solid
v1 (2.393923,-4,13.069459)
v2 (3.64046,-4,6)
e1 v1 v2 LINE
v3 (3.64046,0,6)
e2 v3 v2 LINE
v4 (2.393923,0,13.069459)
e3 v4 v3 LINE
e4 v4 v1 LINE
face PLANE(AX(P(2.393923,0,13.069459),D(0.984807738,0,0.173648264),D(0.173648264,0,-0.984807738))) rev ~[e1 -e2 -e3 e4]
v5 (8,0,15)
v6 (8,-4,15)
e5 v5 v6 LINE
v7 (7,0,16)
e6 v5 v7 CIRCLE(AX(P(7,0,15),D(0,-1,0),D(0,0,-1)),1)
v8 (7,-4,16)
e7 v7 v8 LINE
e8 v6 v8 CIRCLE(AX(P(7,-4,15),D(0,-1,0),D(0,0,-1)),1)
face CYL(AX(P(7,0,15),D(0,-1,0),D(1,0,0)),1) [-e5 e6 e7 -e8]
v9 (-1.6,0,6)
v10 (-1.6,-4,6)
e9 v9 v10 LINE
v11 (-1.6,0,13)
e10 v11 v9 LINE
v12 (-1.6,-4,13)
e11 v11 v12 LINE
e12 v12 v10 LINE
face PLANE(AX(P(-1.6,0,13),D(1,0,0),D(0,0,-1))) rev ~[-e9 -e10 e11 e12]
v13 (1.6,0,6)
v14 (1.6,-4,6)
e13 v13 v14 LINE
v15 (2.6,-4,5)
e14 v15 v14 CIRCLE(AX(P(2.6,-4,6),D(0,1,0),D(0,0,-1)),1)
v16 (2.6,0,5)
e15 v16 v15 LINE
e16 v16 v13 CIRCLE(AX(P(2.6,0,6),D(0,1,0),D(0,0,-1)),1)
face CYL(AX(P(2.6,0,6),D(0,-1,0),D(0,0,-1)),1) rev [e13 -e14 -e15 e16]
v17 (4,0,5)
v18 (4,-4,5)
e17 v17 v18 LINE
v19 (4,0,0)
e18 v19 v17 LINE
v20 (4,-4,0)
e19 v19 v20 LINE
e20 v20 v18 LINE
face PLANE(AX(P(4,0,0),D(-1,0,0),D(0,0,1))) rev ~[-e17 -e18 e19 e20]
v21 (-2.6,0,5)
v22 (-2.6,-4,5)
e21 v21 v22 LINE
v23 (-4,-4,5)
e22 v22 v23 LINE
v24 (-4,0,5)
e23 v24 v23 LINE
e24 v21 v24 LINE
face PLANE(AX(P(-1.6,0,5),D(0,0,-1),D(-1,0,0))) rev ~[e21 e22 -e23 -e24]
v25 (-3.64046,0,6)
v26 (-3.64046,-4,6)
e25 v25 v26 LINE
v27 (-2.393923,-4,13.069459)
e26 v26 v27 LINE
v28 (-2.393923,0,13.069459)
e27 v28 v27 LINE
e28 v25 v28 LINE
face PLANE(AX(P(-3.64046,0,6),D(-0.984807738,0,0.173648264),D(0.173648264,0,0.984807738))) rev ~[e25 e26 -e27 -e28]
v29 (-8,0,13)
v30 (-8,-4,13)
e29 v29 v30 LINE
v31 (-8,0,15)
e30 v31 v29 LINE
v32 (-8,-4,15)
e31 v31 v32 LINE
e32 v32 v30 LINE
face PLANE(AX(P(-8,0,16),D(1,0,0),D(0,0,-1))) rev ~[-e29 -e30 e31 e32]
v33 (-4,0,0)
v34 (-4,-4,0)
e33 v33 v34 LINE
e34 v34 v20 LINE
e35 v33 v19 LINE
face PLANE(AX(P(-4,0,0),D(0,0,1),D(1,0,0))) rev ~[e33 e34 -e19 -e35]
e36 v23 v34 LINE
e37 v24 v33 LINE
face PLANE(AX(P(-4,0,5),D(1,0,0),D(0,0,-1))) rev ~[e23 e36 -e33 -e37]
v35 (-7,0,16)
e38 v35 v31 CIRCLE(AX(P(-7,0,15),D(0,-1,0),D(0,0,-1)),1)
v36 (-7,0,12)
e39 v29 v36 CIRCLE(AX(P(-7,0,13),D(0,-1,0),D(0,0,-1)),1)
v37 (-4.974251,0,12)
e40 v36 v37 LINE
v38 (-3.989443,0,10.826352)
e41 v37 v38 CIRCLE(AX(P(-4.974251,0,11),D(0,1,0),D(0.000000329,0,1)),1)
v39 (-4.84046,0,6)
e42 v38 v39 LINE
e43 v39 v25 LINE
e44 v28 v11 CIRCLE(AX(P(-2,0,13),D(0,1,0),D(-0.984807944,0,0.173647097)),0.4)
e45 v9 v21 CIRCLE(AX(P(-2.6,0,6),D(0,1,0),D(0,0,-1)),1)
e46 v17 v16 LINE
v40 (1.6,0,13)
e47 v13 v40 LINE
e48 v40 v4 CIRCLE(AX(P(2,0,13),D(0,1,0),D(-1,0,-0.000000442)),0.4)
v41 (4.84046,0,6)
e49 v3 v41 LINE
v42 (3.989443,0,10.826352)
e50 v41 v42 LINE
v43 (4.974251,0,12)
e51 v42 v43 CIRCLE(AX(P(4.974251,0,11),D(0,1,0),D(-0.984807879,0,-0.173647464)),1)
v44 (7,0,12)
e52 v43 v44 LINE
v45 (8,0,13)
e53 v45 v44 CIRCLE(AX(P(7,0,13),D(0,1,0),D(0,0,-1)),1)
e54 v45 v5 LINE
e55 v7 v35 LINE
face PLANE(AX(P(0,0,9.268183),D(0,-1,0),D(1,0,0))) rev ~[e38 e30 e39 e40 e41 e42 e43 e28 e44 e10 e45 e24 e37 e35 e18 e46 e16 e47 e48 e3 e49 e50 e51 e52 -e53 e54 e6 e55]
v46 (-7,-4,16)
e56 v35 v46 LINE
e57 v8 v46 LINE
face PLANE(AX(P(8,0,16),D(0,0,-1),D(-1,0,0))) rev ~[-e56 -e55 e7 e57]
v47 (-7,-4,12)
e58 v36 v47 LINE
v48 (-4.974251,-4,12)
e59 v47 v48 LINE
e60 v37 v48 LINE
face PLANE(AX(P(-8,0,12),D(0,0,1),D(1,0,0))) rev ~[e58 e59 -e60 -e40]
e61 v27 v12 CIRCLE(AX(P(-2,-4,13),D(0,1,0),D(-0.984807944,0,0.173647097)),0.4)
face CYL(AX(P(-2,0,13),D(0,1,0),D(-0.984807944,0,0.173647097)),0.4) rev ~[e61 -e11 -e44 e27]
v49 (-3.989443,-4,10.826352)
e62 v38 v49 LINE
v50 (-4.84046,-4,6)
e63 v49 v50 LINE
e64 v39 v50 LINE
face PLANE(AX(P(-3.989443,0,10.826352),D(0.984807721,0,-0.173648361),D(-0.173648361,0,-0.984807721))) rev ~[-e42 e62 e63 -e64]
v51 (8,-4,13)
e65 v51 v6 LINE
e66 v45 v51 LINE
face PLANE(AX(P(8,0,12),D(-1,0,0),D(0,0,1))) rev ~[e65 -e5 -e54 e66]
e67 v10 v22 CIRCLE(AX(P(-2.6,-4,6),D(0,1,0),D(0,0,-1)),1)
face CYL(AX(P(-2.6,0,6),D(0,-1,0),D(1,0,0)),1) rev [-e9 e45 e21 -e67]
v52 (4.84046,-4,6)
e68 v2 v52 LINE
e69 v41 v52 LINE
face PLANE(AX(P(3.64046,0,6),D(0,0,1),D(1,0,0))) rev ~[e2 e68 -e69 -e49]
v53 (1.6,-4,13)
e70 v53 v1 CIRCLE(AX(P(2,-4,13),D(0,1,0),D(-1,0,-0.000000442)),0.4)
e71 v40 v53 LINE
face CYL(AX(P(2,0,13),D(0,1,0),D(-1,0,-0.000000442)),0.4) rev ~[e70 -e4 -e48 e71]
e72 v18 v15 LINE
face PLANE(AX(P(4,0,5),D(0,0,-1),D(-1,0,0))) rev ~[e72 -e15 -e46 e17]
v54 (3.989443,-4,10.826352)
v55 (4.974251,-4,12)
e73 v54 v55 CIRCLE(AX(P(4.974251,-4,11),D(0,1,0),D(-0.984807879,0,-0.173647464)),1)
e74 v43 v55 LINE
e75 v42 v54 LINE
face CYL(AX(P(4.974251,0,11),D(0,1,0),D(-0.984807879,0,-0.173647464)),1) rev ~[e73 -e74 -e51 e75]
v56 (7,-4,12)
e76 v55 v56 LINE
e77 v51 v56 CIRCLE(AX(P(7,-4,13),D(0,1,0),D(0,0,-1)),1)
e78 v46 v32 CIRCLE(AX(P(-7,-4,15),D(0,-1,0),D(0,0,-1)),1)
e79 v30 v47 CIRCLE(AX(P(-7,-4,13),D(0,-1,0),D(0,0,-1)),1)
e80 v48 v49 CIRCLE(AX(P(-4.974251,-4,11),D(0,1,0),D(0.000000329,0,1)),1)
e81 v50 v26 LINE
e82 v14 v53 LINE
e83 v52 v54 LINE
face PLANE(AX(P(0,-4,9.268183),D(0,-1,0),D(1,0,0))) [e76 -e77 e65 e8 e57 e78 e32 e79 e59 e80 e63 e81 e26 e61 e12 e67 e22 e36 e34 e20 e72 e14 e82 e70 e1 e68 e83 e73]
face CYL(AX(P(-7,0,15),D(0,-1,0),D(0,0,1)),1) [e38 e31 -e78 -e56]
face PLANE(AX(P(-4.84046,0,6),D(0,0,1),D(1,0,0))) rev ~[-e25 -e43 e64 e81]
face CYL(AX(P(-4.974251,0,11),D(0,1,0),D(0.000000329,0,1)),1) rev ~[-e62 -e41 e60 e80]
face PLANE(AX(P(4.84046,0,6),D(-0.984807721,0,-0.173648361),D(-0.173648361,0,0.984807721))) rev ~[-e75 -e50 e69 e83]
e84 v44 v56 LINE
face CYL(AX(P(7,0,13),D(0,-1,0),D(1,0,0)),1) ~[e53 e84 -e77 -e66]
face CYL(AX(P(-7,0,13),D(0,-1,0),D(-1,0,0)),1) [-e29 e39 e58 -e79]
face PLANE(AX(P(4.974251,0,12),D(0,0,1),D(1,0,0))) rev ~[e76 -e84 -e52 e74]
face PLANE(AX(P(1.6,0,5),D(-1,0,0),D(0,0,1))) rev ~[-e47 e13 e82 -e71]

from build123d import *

# Parameters (mm, degrees)
F1_DEPTH = 4
F2_R     = 1


with BuildPart() as f1:
    # F0 (on Front) → F1 (new body)
    with BuildSketch(Plane.XZ):
        with BuildLine():
            Line((8, 12), (8, 16))
            Line((8, 16), (0, 16))
            Line((0, 16), (-8, 16))
            Line((-8, 16), (-8, 12))
            Line((-8, 12), (-4.974251, 12))
            ThreePointArc((-4.974251, 12), (-4.208207, 11.642788), (-3.989443, 10.826352))
            Line((-3.989443, 10.826352), (-4.84046, 6))
            Line((-4.84046, 6), (-3.64046, 6))
            Line((-3.64046, 6), (-2.393923, 13.069459))
            ThreePointArc((-2.393923, 13.069459), (-1.965138, 13.398478), (-1.6, 13))
            Line((-1.6, 13), (-1.6, 5))
            Line((-1.6, 5), (-4, 5))
            Line((-4, 5), (-4, 0))
            Line((-4, 0), (0, 0))
            Line((0, 0), (4, 0))
            Line((4, 0), (4, 5))
            Line((4, 5), (1.6, 5))
            Line((1.6, 5), (1.6, 13))
            ThreePointArc((1.6, 13), (1.965138, 13.398478), (2.393923, 13.069459))
            Line((2.393923, 13.069459), (3.64046, 6))
            Line((3.64046, 6), (4.84046, 6))
            Line((4.84046, 6), (3.989443, 10.826352))
            ThreePointArc((3.989443, 10.826352), (4.208207, 11.642788), (4.974251, 12))
            Line((4.974251, 12), (8, 12))
        make_face()
    extrude(amount=F1_DEPTH)

    # F2
    f2_edges = [f1.edges().sort_by_distance(p)[0] for p in [
        (8, -2, 12),
        (8, -2, 16),
        (-8, -2, 12),
        (-8, -2, 16),
        (1.6, -2, 5),
        (-1.6, -2, 5),
    ]]
    fillet(f2_edges, radius=F2_R)


solid = f1.part
